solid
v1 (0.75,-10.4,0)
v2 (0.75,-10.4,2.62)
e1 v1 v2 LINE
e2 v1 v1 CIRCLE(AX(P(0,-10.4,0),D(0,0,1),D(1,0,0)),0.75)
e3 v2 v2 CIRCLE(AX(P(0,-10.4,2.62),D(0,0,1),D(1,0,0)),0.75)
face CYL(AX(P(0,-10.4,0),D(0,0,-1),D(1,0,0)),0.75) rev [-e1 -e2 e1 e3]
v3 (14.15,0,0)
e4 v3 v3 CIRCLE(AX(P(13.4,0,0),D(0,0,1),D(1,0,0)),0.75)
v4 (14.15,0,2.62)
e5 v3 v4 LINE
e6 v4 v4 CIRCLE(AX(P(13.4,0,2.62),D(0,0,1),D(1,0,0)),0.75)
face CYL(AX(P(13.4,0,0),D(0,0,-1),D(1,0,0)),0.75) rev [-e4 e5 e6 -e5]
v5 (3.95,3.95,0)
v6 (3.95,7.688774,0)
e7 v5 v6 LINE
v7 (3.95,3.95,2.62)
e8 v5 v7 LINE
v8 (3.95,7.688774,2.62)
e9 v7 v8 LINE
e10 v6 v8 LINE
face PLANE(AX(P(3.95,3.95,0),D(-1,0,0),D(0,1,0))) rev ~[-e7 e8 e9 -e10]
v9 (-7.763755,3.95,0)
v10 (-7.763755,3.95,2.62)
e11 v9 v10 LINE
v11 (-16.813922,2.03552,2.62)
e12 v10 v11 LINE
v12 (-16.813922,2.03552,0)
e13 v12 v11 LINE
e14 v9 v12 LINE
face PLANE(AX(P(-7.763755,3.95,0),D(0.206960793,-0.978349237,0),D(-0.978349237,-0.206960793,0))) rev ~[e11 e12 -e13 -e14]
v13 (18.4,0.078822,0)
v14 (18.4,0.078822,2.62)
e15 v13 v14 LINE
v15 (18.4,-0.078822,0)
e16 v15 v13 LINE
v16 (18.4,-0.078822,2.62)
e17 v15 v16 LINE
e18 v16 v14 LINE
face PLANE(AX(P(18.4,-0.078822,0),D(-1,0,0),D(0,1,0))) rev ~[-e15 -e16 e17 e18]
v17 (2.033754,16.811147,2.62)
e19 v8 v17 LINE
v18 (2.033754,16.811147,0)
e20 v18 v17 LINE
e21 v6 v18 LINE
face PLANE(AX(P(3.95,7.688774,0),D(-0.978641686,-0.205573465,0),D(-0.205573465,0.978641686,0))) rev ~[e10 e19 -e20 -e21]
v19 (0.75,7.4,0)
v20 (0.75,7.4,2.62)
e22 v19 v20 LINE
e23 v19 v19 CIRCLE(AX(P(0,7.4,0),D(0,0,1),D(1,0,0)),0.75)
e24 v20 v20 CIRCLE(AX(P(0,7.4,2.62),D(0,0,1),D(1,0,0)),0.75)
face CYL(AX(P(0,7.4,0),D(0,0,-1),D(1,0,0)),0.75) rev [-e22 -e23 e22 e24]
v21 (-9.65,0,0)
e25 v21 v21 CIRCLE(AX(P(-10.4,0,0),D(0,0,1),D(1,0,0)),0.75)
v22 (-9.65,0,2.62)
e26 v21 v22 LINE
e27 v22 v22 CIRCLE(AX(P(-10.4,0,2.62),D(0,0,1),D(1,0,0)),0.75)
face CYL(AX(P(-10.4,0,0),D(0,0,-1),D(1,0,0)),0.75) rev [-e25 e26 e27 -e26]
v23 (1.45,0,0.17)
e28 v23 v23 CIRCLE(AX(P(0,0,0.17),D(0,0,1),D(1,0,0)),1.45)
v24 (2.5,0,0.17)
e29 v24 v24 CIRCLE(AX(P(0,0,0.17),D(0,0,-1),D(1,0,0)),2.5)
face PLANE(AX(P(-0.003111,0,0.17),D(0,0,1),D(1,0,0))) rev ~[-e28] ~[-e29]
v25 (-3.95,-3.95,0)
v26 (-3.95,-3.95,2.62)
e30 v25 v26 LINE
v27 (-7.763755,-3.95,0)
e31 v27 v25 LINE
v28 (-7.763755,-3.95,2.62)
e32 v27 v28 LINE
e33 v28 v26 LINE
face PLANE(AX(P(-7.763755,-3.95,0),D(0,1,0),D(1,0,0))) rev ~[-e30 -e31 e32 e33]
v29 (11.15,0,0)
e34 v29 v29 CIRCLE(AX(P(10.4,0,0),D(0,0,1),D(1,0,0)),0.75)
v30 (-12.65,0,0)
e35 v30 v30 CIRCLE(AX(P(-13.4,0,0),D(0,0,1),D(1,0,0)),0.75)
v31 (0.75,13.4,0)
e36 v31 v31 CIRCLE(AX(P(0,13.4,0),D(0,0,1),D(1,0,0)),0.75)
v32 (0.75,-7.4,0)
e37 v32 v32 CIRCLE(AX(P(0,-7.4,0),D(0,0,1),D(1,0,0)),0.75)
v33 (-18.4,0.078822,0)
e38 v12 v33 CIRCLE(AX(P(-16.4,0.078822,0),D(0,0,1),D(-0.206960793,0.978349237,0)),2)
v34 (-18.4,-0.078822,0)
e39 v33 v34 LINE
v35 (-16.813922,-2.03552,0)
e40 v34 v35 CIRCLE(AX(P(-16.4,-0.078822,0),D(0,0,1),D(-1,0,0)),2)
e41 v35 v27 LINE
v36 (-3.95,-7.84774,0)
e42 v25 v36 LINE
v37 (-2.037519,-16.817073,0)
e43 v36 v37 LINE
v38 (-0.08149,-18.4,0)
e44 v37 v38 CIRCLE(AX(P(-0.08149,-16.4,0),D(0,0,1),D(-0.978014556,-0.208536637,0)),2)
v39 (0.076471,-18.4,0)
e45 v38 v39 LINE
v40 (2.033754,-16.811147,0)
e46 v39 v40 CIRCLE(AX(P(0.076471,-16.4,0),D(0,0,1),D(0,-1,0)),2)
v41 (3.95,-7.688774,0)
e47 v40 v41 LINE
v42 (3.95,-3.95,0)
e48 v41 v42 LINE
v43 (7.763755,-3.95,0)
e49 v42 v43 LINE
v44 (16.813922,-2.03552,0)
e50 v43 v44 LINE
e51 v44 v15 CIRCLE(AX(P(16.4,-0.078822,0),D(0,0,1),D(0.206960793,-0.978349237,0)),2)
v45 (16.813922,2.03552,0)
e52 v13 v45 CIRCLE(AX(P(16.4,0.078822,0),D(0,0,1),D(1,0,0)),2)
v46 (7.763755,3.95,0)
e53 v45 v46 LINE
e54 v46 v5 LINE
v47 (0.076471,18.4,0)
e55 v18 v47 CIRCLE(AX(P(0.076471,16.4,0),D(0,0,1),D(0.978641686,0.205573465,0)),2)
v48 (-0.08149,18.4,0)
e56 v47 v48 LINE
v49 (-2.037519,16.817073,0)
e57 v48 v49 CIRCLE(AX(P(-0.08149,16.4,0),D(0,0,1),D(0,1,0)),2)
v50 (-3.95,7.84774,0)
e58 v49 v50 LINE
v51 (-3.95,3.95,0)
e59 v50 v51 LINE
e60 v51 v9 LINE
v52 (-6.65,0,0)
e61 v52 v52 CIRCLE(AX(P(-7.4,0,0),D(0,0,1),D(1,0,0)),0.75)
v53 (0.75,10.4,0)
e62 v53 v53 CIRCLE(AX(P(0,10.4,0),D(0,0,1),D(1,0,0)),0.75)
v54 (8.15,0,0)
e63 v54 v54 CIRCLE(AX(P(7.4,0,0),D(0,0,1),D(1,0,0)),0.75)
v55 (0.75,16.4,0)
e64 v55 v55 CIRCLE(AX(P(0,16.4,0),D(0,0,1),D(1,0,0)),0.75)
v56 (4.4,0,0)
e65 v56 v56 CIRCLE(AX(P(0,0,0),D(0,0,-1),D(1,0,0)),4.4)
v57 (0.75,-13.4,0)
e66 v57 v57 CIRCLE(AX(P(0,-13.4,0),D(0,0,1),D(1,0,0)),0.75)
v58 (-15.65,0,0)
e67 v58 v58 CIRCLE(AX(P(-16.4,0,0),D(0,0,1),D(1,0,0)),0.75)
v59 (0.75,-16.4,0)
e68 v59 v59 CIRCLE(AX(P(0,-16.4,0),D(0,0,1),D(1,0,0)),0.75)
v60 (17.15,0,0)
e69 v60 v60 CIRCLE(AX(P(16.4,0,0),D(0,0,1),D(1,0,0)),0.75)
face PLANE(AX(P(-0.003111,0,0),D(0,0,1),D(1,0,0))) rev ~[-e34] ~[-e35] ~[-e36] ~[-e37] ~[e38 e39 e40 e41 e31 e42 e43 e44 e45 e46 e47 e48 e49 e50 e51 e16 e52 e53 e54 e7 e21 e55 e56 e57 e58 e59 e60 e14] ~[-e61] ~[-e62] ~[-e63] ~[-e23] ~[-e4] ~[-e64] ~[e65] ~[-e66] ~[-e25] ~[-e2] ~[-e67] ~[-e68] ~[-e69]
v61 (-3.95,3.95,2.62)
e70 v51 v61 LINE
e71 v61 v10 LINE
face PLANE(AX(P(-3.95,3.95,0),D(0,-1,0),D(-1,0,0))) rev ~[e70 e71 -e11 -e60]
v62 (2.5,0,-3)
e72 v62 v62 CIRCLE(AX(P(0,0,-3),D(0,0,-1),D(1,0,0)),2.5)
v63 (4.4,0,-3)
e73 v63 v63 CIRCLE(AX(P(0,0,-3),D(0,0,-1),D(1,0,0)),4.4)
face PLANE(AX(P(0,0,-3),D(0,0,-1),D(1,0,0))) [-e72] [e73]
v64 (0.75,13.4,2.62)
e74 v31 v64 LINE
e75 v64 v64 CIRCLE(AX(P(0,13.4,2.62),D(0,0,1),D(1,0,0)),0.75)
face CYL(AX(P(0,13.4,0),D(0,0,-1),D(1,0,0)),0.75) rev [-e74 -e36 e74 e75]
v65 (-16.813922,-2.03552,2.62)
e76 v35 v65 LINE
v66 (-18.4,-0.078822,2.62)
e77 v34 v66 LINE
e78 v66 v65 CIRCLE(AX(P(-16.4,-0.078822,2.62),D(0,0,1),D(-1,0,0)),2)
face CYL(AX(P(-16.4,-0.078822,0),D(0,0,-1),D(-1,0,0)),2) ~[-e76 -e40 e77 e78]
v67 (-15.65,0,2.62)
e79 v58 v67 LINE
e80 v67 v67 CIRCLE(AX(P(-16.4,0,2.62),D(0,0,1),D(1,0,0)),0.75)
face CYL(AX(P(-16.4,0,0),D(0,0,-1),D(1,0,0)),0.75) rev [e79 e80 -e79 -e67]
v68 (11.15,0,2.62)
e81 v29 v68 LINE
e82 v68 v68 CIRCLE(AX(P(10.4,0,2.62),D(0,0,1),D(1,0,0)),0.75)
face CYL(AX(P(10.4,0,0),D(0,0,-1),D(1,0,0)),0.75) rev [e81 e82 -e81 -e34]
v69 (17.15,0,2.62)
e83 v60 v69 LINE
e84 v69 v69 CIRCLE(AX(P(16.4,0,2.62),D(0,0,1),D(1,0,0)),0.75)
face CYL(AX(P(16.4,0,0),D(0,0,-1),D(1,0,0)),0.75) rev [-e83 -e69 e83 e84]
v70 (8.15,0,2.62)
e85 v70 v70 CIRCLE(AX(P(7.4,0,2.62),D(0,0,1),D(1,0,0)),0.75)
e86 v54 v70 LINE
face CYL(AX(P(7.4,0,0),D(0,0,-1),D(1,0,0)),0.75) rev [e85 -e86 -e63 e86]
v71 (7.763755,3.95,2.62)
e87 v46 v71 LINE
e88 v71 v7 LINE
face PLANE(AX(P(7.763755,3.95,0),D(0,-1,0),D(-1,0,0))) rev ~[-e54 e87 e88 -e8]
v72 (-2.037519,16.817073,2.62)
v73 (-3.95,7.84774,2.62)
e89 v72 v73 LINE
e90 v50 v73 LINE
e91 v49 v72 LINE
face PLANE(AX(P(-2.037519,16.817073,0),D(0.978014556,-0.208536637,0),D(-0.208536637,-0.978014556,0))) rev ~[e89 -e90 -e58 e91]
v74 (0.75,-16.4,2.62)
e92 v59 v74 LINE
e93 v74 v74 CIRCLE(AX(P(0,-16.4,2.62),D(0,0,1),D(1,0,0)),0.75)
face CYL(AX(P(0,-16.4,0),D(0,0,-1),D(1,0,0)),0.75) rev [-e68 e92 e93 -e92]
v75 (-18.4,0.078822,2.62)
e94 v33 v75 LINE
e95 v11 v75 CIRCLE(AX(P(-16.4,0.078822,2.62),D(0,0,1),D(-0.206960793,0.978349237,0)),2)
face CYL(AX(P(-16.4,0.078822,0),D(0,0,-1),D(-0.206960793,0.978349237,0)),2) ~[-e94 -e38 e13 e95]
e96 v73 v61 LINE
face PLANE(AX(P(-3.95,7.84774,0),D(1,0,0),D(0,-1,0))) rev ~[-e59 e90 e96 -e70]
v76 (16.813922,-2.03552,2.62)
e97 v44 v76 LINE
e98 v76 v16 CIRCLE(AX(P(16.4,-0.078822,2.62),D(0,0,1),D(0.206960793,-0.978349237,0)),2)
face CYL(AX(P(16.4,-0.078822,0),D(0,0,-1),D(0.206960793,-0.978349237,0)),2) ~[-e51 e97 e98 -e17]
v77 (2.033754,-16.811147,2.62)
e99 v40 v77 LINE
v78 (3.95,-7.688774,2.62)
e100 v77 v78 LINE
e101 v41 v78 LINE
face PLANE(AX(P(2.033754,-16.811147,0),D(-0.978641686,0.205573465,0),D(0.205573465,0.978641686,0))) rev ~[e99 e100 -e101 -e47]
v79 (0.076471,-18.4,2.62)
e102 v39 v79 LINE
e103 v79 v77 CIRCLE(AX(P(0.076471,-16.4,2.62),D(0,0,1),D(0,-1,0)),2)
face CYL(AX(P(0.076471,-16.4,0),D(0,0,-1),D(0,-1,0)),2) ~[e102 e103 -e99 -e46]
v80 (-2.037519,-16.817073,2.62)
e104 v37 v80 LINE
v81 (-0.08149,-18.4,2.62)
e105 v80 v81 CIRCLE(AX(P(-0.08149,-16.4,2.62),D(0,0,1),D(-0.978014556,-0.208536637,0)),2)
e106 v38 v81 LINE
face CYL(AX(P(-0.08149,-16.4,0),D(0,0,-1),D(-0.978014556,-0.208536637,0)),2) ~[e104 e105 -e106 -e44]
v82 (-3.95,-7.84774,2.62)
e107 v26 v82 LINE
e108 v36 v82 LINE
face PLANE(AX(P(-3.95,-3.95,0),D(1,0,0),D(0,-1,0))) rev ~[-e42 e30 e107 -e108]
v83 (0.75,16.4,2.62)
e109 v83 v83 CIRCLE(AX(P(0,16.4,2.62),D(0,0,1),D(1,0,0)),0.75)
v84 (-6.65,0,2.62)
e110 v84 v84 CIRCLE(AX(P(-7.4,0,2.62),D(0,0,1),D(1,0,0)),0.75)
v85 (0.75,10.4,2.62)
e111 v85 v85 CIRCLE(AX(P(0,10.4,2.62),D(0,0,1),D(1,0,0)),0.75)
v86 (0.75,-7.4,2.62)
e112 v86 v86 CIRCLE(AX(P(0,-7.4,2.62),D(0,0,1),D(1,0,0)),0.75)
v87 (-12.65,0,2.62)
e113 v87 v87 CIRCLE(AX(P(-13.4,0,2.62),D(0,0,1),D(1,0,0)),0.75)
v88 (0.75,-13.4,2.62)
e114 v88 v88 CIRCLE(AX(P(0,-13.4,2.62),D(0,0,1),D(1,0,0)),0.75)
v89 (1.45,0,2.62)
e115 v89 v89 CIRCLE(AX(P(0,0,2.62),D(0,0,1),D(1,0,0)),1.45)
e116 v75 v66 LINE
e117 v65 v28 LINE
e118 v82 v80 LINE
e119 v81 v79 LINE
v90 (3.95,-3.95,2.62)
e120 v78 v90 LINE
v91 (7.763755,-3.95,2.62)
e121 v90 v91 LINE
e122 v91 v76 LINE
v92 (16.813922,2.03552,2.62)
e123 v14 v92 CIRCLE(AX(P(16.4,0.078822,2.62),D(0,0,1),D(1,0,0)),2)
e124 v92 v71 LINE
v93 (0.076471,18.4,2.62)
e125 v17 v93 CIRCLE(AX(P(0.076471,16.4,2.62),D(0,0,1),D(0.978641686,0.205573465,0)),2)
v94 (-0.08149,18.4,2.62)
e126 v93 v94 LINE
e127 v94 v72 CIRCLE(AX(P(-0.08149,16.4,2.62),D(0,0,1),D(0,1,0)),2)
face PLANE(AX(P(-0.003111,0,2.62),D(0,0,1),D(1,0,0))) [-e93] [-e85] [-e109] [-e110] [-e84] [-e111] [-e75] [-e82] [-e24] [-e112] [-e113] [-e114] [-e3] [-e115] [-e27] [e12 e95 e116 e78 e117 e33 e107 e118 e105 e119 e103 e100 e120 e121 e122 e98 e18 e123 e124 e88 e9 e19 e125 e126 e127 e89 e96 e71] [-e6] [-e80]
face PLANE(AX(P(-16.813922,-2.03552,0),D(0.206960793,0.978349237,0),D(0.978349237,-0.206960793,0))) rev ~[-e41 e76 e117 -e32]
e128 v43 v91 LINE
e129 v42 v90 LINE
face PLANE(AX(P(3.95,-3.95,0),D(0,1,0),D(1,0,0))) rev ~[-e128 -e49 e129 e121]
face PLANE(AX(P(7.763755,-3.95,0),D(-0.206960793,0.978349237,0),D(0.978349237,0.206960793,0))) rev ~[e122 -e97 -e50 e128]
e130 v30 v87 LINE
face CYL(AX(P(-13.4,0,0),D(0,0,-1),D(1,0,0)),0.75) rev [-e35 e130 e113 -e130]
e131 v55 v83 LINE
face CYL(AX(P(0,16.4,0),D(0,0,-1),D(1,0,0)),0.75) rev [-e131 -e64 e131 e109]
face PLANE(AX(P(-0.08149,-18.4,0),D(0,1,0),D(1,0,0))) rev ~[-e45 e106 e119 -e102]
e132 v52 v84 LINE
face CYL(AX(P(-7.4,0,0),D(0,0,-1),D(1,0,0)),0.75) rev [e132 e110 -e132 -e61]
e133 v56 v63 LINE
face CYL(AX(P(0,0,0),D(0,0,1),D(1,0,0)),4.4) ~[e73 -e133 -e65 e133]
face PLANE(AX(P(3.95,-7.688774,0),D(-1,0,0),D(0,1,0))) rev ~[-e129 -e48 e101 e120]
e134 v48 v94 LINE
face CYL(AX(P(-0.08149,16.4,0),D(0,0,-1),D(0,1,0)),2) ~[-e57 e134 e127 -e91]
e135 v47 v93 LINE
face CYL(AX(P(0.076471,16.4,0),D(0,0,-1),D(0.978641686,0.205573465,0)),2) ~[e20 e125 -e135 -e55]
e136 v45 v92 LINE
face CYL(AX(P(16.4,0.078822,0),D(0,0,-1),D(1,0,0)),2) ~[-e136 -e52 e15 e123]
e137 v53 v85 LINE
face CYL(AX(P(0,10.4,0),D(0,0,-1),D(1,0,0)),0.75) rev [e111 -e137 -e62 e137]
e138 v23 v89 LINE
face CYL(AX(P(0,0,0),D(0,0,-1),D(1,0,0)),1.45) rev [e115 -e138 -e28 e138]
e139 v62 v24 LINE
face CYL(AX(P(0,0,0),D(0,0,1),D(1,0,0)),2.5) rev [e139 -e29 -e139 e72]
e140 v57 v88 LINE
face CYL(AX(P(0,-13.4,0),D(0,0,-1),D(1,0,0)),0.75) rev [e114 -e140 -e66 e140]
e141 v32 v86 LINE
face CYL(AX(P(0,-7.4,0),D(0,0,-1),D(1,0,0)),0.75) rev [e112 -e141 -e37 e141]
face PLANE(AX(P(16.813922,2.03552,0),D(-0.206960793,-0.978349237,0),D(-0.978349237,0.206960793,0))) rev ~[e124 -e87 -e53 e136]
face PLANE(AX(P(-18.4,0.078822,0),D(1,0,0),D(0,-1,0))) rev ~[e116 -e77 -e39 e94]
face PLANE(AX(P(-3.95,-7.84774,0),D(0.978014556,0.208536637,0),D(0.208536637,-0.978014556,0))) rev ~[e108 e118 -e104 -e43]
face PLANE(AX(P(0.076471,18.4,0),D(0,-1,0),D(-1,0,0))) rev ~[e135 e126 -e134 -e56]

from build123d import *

# Parameters (mm, degrees)
F0_R     = 0.75
F0_R_2   = 1.45
F1_DEPTH = 2.62
F2_R     = 4.4
F2_R_2   = 2.5
F3_DEPTH = 3
F4_DEPTH = 0.17


with BuildPart() as f1:
    # F0 (on Top) → F1 (new body)
    with BuildSketch(Plane.XY):
        with BuildLine():
            Line((3.95, -3.95), (7.7637545764, -3.95))
            Line((7.7637545764, -3.95), (16.8139215854, -2.0355203167))
            ThreePointArc((16.8139215854, -2.0355203167), (17.9536800138, -1.3382178935), (18.4, -0.0788218419))
            Line((18.4, -0.0788218419), (18.4, 0.0788218419))
            ThreePointArc((18.4, 0.0788218419), (17.9536800138, 1.3382178935), (16.8139215854, 2.0355203167))
            Line((16.8139215854, 2.0355203167), (7.7637545764, 3.95))
            Line((7.7637545764, 3.95), (3.95, 3.95))
            Line((3.95, 3.95), (3.95, 7.6887742616))
            Line((3.95, 7.6887742616), (2.033754464, 16.8111469309))
            ThreePointArc((2.033754464, 16.8111469309), (1.3369682429, 17.9527868273), (0.0764710913, 18.4))
            Line((0.0764710913, 18.4), (-0.0814896041, 18.4))
            ThreePointArc((-0.0814896041, 18.4), (-1.3396337634, 17.9546939488), (-2.0375187153, 16.8170732745))
            Line((-2.0375187153, 16.8170732745), (-3.95, 7.8477403149))
            Line((-3.95, 7.8477403149), (-3.95, 3.95))
            Line((-3.95, 3.95), (-7.7637545764, 3.95))
            Line((-7.7637545764, 3.95), (-16.8139215854, 2.0355203167))
            ThreePointArc((-16.8139215854, 2.0355203167), (-17.9536800138, 1.3382178935), (-18.4, 0.0788218419))
            Line((-18.4, 0.0788218419), (-18.4, -0.0788218419))
            ThreePointArc((-18.4, -0.0788218419), (-17.9536800138, -1.3382178935), (-16.8139215854, -2.0355203167))
            Line((-16.8139215854, -2.0355203167), (-7.7637545764, -3.95))
            Line((-7.7637545764, -3.95), (-3.95, -3.95))
            Line((-3.95, -3.95), (-3.95, -7.8477403149))
            Line((-3.95, -7.8477403149), (-2.0375187153, -16.8170732745))
            ThreePointArc((-2.0375187153, -16.8170732745), (-1.3396337634, -17.9546939488), (-0.0814896041, -18.4))
            Line((-0.0814896041, -18.4), (0.0764710913, -18.4))
            ThreePointArc((0.0764710913, -18.4), (1.3369682429, -17.9527868273), (2.033754464, -16.8111469309))
            Line((2.033754464, -16.8111469309), (3.95, -7.6887742616))
            Line((3.95, -7.6887742616), (3.95, -3.95))
        make_face()
        with Locations((0, -16.4)):
            Circle(F0_R, mode=Mode.SUBTRACT)
        with Locations((0, -13.4)):
            Circle(F0_R, mode=Mode.SUBTRACT)
        with Locations((0, -10.4)):
            Circle(F0_R, mode=Mode.SUBTRACT)
        with Locations((0, -7.4)):
            Circle(F0_R, mode=Mode.SUBTRACT)
        with Locations((-16.4, 0)):
            Circle(F0_R, mode=Mode.SUBTRACT)
        with Locations((-13.4, 0)):
            Circle(F0_R, mode=Mode.SUBTRACT)
        with Locations((-10.4, 0)):
            Circle(F0_R, mode=Mode.SUBTRACT)
        with Locations((-7.4, 0)):
            Circle(F0_R, mode=Mode.SUBTRACT)
        Circle(F0_R_2, mode=Mode.SUBTRACT)
        with Locations((7.4, 0)):
            Circle(F0_R, mode=Mode.SUBTRACT)
        with Locations((0, 7.4)):
            Circle(F0_R, mode=Mode.SUBTRACT)
        with Locations((10.4, 0)):
            Circle(F0_R, mode=Mode.SUBTRACT)
        with Locations((13.4, 0)):
            Circle(F0_R, mode=Mode.SUBTRACT)
        with Locations((16.4, 0)):
            Circle(F0_R, mode=Mode.SUBTRACT)
        with Locations((0, 10.4)):
            Circle(F0_R, mode=Mode.SUBTRACT)
        with Locations((0, 13.4)):
            Circle(F0_R, mode=Mode.SUBTRACT)
        with Locations((0, 16.4)):
            Circle(F0_R, mode=Mode.SUBTRACT)
    extrude(amount=F1_DEPTH)

    # F2 (on face) → F3 (join)
    with BuildSketch(Plane(origin=(0, 0, 0), x_dir=(1, 0, 0), z_dir=(0, 0, -1))):
        Circle(F2_R)
        Circle(F2_R_2, mode=Mode.SUBTRACT)
    extrude(amount=F3_DEPTH)

    # F4 (cut): a face of the model
    f4_faces = [f1.faces().sort_by_distance(p)[0] for p in [
        (-2.4292893219, 0, 0),
    ]]
    extrude(f4_faces, amount=-F4_DEPTH, mode=Mode.SUBTRACT)


solid = f1.part
